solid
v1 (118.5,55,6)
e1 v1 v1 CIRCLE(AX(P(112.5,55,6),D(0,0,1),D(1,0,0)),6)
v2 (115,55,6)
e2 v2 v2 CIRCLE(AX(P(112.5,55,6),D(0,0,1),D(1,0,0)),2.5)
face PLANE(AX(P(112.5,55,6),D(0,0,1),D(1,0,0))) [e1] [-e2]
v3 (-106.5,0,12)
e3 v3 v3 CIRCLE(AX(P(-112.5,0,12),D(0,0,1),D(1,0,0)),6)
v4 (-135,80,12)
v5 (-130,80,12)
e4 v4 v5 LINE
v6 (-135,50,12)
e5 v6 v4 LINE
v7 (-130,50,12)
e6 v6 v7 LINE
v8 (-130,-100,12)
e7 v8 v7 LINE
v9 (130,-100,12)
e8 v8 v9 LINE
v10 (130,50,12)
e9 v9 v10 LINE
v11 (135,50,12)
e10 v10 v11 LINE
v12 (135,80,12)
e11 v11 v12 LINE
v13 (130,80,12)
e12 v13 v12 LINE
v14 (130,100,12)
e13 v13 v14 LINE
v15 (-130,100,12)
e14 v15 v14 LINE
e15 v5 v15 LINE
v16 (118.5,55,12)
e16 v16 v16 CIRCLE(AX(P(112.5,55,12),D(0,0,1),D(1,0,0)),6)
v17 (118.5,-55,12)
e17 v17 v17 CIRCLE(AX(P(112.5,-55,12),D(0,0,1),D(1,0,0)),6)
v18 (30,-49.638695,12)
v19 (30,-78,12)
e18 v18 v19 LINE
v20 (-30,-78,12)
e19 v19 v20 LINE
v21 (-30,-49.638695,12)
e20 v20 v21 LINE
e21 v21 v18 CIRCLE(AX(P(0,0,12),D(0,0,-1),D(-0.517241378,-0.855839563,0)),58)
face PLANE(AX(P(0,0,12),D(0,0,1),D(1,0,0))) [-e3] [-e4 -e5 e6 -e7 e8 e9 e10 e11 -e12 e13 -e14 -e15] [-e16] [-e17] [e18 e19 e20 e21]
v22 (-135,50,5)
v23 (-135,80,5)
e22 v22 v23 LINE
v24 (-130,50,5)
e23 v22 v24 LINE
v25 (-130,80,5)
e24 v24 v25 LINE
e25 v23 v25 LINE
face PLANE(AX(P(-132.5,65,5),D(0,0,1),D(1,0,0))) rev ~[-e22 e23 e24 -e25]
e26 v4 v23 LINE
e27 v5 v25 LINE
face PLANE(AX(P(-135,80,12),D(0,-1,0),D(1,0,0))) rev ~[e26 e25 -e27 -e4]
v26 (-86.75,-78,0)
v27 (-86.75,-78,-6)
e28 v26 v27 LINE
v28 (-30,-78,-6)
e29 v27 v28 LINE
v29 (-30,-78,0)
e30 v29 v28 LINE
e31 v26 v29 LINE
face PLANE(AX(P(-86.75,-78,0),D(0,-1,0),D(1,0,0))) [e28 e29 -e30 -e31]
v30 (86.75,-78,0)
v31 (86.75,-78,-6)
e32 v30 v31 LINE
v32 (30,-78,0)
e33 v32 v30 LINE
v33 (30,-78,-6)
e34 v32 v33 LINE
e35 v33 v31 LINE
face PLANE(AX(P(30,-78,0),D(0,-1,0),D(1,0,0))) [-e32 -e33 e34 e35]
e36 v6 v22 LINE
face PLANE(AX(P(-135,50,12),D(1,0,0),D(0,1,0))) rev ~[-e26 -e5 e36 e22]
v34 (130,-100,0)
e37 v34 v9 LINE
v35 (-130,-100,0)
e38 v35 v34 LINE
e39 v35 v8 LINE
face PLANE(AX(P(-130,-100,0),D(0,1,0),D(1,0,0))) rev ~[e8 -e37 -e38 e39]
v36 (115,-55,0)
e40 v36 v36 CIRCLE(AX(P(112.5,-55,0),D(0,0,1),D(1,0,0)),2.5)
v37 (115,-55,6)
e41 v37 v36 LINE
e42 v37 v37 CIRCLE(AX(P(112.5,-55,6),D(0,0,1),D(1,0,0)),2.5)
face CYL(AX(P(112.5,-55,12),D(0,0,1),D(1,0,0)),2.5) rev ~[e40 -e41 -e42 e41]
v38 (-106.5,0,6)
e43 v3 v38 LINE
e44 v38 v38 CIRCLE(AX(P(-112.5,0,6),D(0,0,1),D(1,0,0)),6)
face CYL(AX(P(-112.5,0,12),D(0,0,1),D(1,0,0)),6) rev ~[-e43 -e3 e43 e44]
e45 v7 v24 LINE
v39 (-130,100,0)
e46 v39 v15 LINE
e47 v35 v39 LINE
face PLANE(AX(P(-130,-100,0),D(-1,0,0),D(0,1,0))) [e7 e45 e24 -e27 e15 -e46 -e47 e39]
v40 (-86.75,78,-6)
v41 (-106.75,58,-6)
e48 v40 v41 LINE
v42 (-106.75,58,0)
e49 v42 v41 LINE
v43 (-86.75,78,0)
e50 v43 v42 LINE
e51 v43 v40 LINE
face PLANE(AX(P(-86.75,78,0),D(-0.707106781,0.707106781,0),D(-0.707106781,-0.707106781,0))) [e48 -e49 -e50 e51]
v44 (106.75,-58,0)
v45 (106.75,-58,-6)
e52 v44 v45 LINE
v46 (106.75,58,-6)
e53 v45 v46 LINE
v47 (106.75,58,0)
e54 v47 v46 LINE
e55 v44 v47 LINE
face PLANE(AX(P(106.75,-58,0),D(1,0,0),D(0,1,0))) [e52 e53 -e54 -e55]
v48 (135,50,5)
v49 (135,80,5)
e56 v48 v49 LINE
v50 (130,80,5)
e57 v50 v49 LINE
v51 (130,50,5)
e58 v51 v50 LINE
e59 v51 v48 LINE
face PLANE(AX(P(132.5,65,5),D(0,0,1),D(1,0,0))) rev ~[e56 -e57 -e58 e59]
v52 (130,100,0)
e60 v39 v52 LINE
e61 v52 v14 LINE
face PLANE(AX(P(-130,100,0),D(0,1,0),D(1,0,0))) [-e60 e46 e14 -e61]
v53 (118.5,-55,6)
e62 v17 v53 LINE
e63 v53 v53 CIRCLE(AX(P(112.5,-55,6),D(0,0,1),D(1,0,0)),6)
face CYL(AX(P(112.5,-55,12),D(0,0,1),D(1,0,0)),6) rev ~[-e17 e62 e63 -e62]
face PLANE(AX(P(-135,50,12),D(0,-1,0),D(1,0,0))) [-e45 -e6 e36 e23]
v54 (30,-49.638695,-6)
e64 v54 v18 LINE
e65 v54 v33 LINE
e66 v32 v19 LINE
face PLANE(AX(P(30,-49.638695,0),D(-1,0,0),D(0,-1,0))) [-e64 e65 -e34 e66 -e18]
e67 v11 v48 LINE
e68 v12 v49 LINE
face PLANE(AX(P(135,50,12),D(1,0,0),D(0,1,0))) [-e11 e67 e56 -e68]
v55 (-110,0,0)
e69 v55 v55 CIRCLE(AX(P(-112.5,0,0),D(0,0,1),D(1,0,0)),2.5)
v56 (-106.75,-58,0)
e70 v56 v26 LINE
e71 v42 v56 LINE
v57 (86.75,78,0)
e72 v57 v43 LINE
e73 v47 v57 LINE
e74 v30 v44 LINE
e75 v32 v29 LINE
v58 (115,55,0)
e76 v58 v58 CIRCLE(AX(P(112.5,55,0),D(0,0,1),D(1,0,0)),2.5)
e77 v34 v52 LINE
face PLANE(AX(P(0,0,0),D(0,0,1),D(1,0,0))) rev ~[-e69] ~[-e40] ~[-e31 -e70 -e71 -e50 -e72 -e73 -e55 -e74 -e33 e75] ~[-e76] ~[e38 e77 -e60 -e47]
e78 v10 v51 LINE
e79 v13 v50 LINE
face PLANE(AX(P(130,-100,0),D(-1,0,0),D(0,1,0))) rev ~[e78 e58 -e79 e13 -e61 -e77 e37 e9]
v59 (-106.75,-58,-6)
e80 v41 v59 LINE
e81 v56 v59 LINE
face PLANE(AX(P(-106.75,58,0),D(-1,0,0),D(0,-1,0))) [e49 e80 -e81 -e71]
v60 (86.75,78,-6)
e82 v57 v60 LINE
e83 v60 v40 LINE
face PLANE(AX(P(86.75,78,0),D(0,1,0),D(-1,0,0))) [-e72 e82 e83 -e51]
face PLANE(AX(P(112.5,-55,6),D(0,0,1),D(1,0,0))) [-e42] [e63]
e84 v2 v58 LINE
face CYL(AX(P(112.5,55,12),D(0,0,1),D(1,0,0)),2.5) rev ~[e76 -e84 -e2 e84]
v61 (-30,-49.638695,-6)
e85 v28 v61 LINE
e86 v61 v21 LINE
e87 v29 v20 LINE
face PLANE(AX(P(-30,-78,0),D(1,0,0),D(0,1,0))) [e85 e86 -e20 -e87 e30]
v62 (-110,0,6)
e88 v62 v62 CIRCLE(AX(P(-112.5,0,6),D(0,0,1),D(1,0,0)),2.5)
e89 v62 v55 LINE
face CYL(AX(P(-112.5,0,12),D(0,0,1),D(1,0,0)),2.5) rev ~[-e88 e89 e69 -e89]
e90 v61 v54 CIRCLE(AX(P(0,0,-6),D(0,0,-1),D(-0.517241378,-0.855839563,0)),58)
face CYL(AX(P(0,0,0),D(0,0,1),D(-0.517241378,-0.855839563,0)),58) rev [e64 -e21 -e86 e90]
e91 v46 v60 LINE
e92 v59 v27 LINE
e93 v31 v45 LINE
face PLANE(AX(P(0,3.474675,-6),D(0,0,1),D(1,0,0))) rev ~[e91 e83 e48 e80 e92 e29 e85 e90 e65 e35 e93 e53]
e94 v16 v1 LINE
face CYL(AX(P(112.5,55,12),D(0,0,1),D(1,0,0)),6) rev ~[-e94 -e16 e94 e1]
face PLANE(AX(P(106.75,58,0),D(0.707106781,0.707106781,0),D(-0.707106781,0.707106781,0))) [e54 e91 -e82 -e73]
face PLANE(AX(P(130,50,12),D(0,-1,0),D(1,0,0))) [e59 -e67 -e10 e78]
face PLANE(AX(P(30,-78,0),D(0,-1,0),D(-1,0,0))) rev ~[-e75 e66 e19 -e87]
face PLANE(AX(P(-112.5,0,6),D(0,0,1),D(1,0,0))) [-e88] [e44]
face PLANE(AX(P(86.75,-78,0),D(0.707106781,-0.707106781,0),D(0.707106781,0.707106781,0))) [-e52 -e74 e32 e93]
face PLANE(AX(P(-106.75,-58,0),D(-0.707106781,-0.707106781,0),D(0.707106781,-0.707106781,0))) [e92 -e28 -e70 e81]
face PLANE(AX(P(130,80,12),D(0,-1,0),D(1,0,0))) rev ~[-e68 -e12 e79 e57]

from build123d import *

# Parameters (mm, degrees)
F0_W     = 260
F0_H     = 200
F1_DEPTH = 12
F2_DEPTH = 6
F3_W     = 5
F3_H     = 30
F4_DEPTH = 7
F5_R     = 6
F5_R_2   = 2.5
F6_DEPTH = 6
F7_DEPTH = 18.001


with BuildPart() as f1:
    # F0 (on Top) → F1 (new body)
    with BuildSketch(Plane.XY):
        Rectangle(F0_W, F0_H)
        Polygon((-86.75, 78), (86.75, 78), (106.75, 58), (106.75, -58), (86.75, -78), (30, -78), (-30, -78), (-86.75, -78), (-106.75, -58), (-106.75, 58), align=None, mode=Mode.SUBTRACT)
        with BuildLine():
            Line((106.75, 58), (86.75, 78))
            Line((86.75, 78), (-86.75, 78))
            Line((-86.75, 78), (-106.75, 58))
            Line((-106.75, 58), (-106.75, -58))
            Line((-106.75, -58), (-86.75, -78))
            Line((-86.75, -78), (-30, -78))
            Line((-30, -78), (-30, -49.638695))
            ThreePointArc((-30, -49.638695), (0, 58), (30, -49.638695))
            Line((30, -49.638695), (30, -78))
            Line((30, -78), (86.75, -78))
            Line((86.75, -78), (106.75, -58))
            Line((106.75, -58), (106.75, 58))
        make_face()
    extrude(amount=F1_DEPTH)

    # F0 (on Top) → F2 (join)
    with BuildSketch(Plane.XY):
        with BuildLine():
            Line((106.75, 58), (86.75, 78))
            Line((86.75, 78), (-86.75, 78))
            Line((-86.75, 78), (-106.75, 58))
            Line((-106.75, 58), (-106.75, -58))
            Line((-106.75, -58), (-86.75, -78))
            Line((-86.75, -78), (-30, -78))
            Line((-30, -78), (-30, -49.638695))
            ThreePointArc((-30, -49.638695), (0, 58), (30, -49.638695))
            Line((30, -49.638695), (30, -78))
            Line((30, -78), (86.75, -78))
            Line((86.75, -78), (106.75, -58))
            Line((106.75, -58), (106.75, 58))
        make_face()
    extrude(amount=-F2_DEPTH)

    # F3 (on face) → F4 (join)
    with BuildSketch(Plane.XY.offset(12)):
        with Locations((-132.5, 65)):
            Rectangle(F3_W, F3_H)
        with Locations((132.5, 65)):
            Rectangle(F3_W, F3_H)
    extrude(amount=-F4_DEPTH)

    # F5 (on face) → F6 (cut)
    with BuildSketch(Plane.XY.offset(12)):
        with Locations((-112.5, 0)):
            Circle(F5_R)
        with Locations((-112.5, 0)):
            Circle(F5_R_2, mode=Mode.SUBTRACT)
        with Locations((-112.5, 0)):
            Circle(F5_R_2)
        with Locations((112.5, 55)):
            Circle(F5_R)
        with Locations((112.5, 55)):
            Circle(F5_R_2, mode=Mode.SUBTRACT)
        with Locations((112.5, 55)):
            Circle(F5_R_2)
        with Locations((112.5, -55)):
            Circle(F5_R_2)
        with Locations((112.5, -55)):
            Circle(F5_R)
        with Locations((112.5, -55)):
            Circle(F5_R_2, mode=Mode.SUBTRACT)
    extrude(amount=-F6_DEPTH, mode=Mode.SUBTRACT)

    # F5 (on face) → F7 (cut, through all)
    with BuildSketch(Plane.XY.offset(12)):
        with Locations((-112.5, 0)):
            Circle(F5_R_2)
        with Locations((112.5, 55)):
            Circle(F5_R_2)
        with Locations((112.5, -55)):
            Circle(F5_R_2)
    extrude(amount=-F7_DEPTH, mode=Mode.SUBTRACT)


solid = f1.part
